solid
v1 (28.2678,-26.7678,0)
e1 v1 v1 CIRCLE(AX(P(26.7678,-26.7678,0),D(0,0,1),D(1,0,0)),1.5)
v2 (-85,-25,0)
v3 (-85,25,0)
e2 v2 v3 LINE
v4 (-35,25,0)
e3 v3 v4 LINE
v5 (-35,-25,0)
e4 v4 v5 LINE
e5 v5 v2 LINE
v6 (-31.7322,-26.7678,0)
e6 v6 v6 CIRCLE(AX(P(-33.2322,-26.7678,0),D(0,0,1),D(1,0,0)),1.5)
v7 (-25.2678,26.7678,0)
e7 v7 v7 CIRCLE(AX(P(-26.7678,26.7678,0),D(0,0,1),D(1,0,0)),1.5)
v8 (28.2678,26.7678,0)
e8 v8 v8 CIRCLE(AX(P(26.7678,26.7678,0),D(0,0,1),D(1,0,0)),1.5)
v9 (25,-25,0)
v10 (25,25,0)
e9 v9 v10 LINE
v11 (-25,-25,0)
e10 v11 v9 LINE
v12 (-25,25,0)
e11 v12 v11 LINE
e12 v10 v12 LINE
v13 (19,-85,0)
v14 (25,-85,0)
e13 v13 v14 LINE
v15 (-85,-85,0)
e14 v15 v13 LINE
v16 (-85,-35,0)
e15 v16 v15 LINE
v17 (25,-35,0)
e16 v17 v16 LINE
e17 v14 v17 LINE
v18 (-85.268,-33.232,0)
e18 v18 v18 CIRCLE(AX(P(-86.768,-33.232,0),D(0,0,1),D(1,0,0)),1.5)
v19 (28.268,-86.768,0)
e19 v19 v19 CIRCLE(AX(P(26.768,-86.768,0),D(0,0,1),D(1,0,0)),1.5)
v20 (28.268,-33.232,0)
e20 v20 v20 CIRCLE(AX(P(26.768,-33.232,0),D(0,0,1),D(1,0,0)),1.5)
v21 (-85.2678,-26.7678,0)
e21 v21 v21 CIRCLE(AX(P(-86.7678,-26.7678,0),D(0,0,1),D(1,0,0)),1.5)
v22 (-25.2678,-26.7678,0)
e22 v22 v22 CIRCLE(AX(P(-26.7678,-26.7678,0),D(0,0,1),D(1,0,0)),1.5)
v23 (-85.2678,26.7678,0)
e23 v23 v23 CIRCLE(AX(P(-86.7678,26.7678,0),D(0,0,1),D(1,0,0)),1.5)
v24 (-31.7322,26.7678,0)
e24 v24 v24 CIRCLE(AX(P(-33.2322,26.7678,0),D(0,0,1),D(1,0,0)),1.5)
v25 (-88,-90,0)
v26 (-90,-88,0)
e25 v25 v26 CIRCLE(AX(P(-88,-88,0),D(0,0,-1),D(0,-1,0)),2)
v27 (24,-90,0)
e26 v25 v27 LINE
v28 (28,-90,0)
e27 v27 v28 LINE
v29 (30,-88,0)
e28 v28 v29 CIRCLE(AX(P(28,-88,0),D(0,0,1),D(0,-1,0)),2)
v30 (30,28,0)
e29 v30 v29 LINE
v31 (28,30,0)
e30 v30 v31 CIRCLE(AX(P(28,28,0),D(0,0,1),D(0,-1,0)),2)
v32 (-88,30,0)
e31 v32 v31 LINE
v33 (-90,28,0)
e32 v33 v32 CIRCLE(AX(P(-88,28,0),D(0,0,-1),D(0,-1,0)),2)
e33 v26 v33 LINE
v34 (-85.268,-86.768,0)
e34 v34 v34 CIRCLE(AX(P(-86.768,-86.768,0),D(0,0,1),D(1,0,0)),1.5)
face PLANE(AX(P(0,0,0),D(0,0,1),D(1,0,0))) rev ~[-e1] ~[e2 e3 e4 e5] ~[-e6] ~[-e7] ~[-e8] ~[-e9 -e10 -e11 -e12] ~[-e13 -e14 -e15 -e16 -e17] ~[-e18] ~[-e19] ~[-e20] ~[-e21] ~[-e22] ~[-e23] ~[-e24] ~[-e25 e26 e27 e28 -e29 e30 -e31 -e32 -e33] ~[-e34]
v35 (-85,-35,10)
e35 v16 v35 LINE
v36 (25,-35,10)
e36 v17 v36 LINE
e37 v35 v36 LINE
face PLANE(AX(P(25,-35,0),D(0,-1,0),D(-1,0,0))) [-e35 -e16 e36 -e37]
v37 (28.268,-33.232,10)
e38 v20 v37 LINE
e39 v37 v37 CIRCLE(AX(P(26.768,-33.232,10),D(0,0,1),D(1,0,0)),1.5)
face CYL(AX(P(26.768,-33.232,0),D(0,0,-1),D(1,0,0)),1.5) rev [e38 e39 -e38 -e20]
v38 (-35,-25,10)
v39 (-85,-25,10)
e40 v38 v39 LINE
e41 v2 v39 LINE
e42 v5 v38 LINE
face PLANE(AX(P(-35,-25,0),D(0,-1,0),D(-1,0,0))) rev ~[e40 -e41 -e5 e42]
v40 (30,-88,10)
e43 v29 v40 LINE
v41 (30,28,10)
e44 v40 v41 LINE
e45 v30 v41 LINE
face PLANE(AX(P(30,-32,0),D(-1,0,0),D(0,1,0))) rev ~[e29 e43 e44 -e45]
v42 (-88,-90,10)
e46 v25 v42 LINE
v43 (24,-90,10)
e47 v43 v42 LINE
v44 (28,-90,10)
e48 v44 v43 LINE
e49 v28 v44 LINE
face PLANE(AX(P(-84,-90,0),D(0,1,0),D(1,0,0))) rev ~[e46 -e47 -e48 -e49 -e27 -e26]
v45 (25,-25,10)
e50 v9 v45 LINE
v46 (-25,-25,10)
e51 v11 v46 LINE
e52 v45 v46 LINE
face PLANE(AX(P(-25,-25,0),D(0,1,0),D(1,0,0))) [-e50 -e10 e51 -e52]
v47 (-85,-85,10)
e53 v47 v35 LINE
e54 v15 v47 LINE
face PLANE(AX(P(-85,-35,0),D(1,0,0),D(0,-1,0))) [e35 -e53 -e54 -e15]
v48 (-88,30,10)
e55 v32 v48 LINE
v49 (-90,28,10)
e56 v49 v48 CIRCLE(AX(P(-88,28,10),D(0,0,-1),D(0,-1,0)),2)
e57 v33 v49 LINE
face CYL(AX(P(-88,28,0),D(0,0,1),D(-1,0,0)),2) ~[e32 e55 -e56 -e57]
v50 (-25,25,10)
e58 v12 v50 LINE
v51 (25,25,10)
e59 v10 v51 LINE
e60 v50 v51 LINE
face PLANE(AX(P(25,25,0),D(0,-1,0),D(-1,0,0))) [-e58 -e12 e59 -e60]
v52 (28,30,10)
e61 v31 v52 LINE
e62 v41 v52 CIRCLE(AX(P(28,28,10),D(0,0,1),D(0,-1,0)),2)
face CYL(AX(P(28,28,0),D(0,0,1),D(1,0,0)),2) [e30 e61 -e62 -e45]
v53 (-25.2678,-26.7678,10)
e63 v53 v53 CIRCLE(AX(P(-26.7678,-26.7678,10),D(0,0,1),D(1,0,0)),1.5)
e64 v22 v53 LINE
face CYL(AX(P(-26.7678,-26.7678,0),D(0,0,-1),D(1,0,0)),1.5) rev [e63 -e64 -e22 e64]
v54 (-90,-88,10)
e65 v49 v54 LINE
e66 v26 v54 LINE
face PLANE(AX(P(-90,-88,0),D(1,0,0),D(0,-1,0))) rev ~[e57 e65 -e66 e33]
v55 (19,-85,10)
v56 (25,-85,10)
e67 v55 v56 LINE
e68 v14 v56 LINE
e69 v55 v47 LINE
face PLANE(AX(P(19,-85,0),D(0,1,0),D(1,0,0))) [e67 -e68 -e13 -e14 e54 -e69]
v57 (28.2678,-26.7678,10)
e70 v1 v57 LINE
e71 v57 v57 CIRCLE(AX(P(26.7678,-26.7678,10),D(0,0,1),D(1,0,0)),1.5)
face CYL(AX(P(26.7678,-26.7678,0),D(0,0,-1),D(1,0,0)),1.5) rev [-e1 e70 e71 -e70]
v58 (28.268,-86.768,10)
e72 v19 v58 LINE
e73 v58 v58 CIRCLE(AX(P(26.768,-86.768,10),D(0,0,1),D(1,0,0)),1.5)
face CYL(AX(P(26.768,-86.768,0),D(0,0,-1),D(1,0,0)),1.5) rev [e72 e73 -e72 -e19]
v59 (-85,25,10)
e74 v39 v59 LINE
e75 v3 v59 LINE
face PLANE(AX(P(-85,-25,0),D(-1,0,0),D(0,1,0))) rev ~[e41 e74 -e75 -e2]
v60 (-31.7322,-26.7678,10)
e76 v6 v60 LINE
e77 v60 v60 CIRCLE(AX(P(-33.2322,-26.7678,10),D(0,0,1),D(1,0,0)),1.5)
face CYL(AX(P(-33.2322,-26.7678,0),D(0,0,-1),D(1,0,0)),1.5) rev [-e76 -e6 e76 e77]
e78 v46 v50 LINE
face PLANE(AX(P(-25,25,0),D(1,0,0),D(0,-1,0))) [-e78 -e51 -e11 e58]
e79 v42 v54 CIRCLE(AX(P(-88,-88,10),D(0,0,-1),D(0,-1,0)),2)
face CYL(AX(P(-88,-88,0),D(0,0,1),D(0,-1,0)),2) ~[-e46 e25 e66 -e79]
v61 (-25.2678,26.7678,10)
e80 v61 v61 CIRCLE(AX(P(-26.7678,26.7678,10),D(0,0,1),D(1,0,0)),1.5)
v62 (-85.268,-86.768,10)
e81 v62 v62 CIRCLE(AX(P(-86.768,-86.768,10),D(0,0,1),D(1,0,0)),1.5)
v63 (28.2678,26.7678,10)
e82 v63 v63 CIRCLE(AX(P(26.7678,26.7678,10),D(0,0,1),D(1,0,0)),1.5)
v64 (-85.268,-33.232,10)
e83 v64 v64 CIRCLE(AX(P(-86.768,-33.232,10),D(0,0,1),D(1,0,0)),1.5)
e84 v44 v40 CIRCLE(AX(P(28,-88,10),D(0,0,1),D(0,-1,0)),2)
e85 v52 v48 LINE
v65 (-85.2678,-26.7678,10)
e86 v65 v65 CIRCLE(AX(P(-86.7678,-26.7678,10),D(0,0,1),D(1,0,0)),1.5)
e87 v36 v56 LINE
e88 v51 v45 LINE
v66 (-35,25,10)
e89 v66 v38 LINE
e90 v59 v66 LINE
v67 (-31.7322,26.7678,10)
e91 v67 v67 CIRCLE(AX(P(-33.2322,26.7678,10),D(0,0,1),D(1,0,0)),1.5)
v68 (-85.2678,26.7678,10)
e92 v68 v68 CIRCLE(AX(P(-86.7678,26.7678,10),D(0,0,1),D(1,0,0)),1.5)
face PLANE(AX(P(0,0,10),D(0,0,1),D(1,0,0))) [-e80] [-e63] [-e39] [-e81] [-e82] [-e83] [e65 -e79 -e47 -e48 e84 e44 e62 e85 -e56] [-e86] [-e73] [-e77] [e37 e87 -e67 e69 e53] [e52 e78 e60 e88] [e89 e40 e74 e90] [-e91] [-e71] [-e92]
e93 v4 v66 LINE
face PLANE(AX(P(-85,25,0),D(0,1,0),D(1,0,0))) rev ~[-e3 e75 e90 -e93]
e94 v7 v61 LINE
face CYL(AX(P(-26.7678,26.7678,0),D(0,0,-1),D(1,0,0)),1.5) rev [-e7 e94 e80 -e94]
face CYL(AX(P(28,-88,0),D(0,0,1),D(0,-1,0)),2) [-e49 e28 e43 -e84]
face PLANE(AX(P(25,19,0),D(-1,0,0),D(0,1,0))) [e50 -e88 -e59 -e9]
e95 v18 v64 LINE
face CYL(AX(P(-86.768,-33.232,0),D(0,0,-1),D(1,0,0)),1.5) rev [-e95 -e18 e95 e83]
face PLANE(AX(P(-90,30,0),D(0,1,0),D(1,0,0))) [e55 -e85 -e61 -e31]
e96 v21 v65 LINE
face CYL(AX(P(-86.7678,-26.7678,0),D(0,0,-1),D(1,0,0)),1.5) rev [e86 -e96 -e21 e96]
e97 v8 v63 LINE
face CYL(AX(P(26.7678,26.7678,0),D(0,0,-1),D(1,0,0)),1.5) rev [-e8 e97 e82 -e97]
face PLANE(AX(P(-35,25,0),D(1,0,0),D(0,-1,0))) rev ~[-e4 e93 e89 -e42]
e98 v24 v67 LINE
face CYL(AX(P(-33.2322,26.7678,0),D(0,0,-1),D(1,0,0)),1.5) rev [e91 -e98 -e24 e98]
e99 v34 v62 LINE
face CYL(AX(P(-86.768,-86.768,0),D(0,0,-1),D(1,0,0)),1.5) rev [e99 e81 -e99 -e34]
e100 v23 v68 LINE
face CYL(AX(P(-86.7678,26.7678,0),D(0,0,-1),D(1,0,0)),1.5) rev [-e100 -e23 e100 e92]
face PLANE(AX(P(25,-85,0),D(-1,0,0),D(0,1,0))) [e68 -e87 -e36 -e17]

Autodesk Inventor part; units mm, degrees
ref_plane "YZ Plane" through (0, 0, 0) normal (1, 0, 0) x (0, 1, 0)
ref_plane "XZ Plane" through (0, 0, 0) normal (0, 1, 0) x (-1, 0, 0)
ref_plane "XY Plane" through (0, 0, 0) normal (0, 0, 1) x (1, 0, 0)
sketch "Sketch1" plane through (0, 0, 0) normal (0, 0, 1) x (1, 0, 0)
  line L0 (-79, -35) -> (19, -35) projected
  line L1 (25, -41) -> (25, -79) projected
  line L2 (30, -32) -> (30, -36) projected
  line L3 (30, -24) -> (30, -28) projected
  line L4 (28, -30) -> (24, -30) projected
  line L5 (-24, -30) -> (-28, -30) projected
  line L6 (-30, -28) -> (-30, -24) projected
  line L7 (-88, -30) -> (-84, -30) projected
  line L8 (-85, -79) -> (-85, -41) projected
  line L9 (19, -85) -> (-79, -85) projected
  line L10 (30, -84) -> (30, -88) projected
  line L11 (24, -90) -> (19, -85) projected
  line L12 (28, -90) -> (24, -90) projected
  line L13 (-84, -90) -> (-88, -90) projected
  line L14 (-90, -88) -> (-90, -84) projected
  line L15 (-30, 24) -> (-30, 28) projected
  line L16 (-28, 30) -> (-24, 30) projected
  line L17 (24, 30) -> (28, 30) projected
  line L18 (30, 28) -> (30, 24) projected
  line L19 (25, 19) -> (25, -19) projected
  line L20 (-25, -19) -> (-25, 19) projected
  line L21 (19, -25) -> (-19, -25) projected
  line L22 (-19, 25) -> (19, 25) projected
  line L23 (25, 25) -> (-25, 25)
  line L24 (-25, 25) -> (-25, -25)
  line L25 (-25, -25) -> (25, -25)
  line L26 (25, -25) -> (25, 25)
  line L27 (25, -35) -> (-85, -35)
  line L28 (-85, -35) -> (-85, -85)
  line L29 (-85, -85) -> (25, -85)
  line L30 (25, -85) -> (25, -35)
  line L31 (30, -30) -> (-90, -30)
  line L32 (-90, -30) -> (-90, -90)
  line L33 (-90, -90) -> (30, -90)
  line L34 (30, -90) -> (30, -30)
  line L35 (30, 30) -> (-30, 30)
  line L36 (-30, 30) -> (-30, -30)
  line L37 (-30, -30) -> (30, -30)
  line L38 (30, -30) -> (30, 30)
  line L39 (-30, -30) -> (-90, -30)
  line L40 (-90, -30) -> (-90, 30)
  line L41 (-90, 30) -> (-30, 30)
  line L42 (-30, 30) -> (-30, -30)
  line L43 (-30, -25) -> (-35, -25)
  line L44 (-35, -25) -> (-85, -25)
  line L45 (-85, -25) -> (-85, 25)
  line L46 (-85, 25) -> (-35, 25)
  line L47 (-35, 25) -> (-35, -25)
  circle A0 centre (-26.7678, 26.7678) radius 1.5 projected
  circle A1 centre (26.7678, 26.7678) radius 1.5 projected
  circle A2 centre (26.7678, -26.7678) radius 1.5 projected
  circle A3 centre (-26.7678, -26.7678) radius 1.5 projected
  circle A4 centre (26.768, -33.232) radius 1.5 projected
  circle A5 centre (26.768, -86.768) radius 1.5 projected
  circle A6 centre (-86.768, -86.768) radius 1.5 projected
  circle A7 centre (-86.768, -33.232) radius 1.5 projected
  circle A8 centre (-33.2322, 26.7678) radius 1.5
  circle A9 centre (-86.7678, 26.7678) radius 1.5
  circle A10 centre (-86.7678, -26.7678) radius 1.5
  circle A11 centre (-33.2322, -26.7678) radius 1.5
  point P0 (0, 0)
  dimension "d0" = 5
extrude "Extrusion1" add sketch "Sketch1" along normal blind 10
fillet "Fillet1" radius 2 4 edges at (-90, 30, 5) (-90, -90, 5) (30, -90, 5) (30, 30, 5)
properties part number "frame_demo_2x2_xyxx"
